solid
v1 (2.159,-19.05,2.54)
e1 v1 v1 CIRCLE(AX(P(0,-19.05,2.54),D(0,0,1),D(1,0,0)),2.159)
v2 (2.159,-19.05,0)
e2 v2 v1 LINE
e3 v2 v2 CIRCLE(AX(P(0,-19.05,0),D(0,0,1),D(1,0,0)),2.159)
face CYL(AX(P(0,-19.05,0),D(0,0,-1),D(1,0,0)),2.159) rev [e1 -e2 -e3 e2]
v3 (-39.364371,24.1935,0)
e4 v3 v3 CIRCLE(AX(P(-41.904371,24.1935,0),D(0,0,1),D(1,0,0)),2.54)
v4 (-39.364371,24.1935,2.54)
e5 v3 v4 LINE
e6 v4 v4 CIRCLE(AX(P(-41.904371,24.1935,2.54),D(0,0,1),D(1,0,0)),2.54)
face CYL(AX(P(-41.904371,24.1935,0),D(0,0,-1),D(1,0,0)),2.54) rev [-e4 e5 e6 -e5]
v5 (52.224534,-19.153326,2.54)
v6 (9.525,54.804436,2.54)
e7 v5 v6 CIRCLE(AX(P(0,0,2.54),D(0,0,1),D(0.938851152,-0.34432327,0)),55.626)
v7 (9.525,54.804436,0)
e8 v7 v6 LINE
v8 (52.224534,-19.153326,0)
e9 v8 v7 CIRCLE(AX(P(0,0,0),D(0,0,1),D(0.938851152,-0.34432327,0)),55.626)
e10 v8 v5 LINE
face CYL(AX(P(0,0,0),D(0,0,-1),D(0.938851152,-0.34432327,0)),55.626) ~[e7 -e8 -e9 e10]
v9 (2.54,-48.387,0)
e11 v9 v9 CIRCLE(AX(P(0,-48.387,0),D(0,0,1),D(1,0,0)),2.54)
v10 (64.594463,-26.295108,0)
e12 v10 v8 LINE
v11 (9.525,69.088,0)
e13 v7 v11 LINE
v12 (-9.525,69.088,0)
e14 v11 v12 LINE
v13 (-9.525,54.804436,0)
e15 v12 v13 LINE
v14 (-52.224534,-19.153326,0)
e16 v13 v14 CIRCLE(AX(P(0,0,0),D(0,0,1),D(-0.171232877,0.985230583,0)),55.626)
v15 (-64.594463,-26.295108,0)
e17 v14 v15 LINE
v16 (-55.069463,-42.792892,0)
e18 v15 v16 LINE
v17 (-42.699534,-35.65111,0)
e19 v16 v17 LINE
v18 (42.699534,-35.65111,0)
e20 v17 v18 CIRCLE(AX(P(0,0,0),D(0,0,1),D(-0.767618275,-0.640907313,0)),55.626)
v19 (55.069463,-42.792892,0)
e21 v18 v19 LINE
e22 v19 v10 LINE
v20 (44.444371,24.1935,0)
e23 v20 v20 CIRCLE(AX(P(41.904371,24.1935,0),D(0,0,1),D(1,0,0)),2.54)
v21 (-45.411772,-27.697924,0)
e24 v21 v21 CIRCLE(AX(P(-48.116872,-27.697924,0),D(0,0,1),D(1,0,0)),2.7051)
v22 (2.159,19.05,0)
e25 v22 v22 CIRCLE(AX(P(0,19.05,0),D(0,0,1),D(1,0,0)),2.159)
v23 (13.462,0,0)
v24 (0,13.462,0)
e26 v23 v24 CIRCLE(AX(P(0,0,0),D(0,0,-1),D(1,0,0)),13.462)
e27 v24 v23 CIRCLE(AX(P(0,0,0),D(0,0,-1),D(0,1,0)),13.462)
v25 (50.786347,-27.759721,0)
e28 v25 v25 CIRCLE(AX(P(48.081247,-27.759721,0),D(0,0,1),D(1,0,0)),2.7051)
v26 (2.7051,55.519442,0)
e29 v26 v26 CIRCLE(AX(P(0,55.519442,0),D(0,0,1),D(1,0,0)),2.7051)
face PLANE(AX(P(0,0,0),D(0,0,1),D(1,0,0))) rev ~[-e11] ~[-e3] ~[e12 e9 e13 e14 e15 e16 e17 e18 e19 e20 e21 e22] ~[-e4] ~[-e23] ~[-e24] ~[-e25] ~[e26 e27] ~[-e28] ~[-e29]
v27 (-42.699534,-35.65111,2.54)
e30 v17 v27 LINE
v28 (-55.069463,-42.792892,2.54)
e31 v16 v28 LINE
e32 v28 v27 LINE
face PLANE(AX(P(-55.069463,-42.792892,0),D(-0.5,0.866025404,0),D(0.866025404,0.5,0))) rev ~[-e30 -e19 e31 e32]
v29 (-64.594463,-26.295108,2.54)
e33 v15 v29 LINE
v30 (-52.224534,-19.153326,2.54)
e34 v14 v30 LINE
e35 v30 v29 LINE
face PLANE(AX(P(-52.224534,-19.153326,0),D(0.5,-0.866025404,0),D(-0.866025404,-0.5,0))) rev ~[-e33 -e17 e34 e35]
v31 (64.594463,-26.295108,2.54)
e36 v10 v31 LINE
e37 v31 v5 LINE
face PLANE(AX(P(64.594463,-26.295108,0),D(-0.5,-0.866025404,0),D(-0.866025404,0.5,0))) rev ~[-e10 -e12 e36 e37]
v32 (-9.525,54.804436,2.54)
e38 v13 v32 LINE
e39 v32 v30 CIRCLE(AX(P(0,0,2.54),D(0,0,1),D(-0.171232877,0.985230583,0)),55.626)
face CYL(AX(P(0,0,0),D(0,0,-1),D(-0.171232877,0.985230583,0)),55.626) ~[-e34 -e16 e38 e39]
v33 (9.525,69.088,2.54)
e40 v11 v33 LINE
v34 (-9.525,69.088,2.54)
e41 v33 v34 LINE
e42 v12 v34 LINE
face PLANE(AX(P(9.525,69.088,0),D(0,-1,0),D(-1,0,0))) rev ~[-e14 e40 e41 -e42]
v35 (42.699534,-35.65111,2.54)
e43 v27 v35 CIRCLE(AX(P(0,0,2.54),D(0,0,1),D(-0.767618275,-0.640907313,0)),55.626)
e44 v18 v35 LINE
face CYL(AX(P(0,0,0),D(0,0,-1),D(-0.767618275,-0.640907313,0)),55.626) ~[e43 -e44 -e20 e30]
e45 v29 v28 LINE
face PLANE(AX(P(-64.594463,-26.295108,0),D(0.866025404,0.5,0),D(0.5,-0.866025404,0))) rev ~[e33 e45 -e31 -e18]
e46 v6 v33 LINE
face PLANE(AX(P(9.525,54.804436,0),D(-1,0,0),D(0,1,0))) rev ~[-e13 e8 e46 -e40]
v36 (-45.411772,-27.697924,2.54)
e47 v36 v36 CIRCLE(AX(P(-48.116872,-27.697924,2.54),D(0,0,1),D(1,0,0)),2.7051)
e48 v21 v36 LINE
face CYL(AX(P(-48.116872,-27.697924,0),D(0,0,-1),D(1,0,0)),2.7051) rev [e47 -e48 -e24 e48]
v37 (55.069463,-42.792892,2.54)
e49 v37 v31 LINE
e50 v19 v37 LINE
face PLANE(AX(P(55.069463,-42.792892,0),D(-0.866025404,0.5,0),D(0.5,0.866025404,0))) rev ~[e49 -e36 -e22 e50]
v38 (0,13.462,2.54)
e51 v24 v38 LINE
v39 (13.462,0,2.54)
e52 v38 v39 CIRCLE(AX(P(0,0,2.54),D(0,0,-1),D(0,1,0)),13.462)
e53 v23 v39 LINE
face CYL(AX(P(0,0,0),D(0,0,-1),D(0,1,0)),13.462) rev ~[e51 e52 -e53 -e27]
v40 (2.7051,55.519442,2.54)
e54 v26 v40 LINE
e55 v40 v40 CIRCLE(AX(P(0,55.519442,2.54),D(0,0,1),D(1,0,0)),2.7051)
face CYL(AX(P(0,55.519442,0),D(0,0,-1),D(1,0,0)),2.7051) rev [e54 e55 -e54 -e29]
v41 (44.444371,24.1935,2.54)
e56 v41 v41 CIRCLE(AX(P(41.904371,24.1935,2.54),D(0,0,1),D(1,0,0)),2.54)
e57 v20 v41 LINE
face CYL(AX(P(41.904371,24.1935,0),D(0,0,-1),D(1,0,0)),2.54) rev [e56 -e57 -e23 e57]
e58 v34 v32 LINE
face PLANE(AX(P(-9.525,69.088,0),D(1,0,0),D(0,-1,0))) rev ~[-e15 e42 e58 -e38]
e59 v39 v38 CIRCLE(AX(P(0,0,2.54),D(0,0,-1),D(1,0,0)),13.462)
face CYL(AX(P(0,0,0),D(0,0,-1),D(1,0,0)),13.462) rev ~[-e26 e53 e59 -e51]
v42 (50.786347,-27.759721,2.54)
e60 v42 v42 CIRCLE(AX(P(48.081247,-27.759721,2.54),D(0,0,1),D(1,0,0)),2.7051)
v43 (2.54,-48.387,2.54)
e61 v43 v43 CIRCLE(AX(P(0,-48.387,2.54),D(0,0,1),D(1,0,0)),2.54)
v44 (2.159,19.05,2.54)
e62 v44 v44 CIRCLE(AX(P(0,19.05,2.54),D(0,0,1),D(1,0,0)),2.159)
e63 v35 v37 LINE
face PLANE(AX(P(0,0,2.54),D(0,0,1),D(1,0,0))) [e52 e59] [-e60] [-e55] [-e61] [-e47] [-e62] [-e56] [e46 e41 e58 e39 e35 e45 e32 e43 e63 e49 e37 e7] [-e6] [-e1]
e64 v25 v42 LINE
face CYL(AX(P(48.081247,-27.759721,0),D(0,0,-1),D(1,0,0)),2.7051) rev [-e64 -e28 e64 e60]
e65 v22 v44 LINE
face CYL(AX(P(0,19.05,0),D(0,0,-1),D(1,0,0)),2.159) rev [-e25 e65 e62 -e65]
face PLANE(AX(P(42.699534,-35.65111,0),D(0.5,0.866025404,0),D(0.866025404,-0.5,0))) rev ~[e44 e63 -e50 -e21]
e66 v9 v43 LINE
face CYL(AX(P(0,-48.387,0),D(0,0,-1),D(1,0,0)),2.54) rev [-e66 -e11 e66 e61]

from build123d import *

# Parameters (mm, degrees)
F1_DEPTH = 2.54
F2_R     = 2.159
F3_R     = 2.7051
F4_R     = 2.54
F5_DEPTH = 2.54


with BuildPart() as f1:
    # F0 (on Top) → F1 (new body)
    with BuildSketch(Plane.XY):
        with BuildLine():
            Line((-9.525, 69.088), (-9.525, 54.8044364171))
            ThreePointArc((-9.525, 54.8044364171), (-48.1735291109, 27.813), (-52.2245341773, -19.1533262375))
            Line((-52.2245341773, -19.1533262375), (-64.5944630967, -26.295108029))
            Line((-64.5944630967, -26.295108029), (-55.0694630967, -42.792891971))
            Line((-55.0694630967, -42.792891971), (-42.6995341773, -35.6511101796))
            ThreePointArc((-42.6995341773, -35.6511101796), (0, -55.626), (42.6995341773, -35.6511101796))
            Line((42.6995341773, -35.6511101796), (55.0694630967, -42.792891971))
            Line((55.0694630967, -42.792891971), (64.5944630967, -26.295108029))
            Line((64.5944630967, -26.295108029), (52.2245341773, -19.1533262375))
            ThreePointArc((52.2245341773, -19.1533262375), (48.1735291109, 27.813), (9.525, 54.8044364171))
            Line((9.525, 54.8044364171), (9.525, 69.088))
            Line((9.525, 69.088), (-9.525, 69.088))
        make_face()
        with BuildLine():
            ThreePointArc((0, 13.462), (9.5190714883, 9.5190714883), (13.462, 0))
            ThreePointArc((13.462, 0), (-9.5190714883, -9.5190714883), (0, 13.462))
        make_face(mode=Mode.SUBTRACT)
    extrude(amount=F1_DEPTH)

    # F2 (on Top) + F3 (on Top) + F4 (on Top) → F5 (cut)
    with BuildSketch(Plane.XY):
        with Locations((0, 19.05)):
            Circle(F2_R)
        with Locations((0, -19.05)):
            Circle(F2_R)
    with BuildSketch(Plane.XY):
        with Locations((0, 55.519441794)):
            Circle(F3_R)
        with Locations((-48.1168723708, -27.697924297)):
            Circle(F3_R)
        with Locations((48.0812469975, -27.759720897)):
            Circle(F3_R)
    with BuildSketch(Plane.XY):
        with Locations((-41.9043712129, 24.1935)):
            Circle(F4_R)
        with Locations((41.9043712129, 24.1935)):
            Circle(F4_R)
        with Locations((0, -48.387)):
            Circle(F4_R)
    extrude(amount=F5_DEPTH, mode=Mode.SUBTRACT)


solid = f1.part
